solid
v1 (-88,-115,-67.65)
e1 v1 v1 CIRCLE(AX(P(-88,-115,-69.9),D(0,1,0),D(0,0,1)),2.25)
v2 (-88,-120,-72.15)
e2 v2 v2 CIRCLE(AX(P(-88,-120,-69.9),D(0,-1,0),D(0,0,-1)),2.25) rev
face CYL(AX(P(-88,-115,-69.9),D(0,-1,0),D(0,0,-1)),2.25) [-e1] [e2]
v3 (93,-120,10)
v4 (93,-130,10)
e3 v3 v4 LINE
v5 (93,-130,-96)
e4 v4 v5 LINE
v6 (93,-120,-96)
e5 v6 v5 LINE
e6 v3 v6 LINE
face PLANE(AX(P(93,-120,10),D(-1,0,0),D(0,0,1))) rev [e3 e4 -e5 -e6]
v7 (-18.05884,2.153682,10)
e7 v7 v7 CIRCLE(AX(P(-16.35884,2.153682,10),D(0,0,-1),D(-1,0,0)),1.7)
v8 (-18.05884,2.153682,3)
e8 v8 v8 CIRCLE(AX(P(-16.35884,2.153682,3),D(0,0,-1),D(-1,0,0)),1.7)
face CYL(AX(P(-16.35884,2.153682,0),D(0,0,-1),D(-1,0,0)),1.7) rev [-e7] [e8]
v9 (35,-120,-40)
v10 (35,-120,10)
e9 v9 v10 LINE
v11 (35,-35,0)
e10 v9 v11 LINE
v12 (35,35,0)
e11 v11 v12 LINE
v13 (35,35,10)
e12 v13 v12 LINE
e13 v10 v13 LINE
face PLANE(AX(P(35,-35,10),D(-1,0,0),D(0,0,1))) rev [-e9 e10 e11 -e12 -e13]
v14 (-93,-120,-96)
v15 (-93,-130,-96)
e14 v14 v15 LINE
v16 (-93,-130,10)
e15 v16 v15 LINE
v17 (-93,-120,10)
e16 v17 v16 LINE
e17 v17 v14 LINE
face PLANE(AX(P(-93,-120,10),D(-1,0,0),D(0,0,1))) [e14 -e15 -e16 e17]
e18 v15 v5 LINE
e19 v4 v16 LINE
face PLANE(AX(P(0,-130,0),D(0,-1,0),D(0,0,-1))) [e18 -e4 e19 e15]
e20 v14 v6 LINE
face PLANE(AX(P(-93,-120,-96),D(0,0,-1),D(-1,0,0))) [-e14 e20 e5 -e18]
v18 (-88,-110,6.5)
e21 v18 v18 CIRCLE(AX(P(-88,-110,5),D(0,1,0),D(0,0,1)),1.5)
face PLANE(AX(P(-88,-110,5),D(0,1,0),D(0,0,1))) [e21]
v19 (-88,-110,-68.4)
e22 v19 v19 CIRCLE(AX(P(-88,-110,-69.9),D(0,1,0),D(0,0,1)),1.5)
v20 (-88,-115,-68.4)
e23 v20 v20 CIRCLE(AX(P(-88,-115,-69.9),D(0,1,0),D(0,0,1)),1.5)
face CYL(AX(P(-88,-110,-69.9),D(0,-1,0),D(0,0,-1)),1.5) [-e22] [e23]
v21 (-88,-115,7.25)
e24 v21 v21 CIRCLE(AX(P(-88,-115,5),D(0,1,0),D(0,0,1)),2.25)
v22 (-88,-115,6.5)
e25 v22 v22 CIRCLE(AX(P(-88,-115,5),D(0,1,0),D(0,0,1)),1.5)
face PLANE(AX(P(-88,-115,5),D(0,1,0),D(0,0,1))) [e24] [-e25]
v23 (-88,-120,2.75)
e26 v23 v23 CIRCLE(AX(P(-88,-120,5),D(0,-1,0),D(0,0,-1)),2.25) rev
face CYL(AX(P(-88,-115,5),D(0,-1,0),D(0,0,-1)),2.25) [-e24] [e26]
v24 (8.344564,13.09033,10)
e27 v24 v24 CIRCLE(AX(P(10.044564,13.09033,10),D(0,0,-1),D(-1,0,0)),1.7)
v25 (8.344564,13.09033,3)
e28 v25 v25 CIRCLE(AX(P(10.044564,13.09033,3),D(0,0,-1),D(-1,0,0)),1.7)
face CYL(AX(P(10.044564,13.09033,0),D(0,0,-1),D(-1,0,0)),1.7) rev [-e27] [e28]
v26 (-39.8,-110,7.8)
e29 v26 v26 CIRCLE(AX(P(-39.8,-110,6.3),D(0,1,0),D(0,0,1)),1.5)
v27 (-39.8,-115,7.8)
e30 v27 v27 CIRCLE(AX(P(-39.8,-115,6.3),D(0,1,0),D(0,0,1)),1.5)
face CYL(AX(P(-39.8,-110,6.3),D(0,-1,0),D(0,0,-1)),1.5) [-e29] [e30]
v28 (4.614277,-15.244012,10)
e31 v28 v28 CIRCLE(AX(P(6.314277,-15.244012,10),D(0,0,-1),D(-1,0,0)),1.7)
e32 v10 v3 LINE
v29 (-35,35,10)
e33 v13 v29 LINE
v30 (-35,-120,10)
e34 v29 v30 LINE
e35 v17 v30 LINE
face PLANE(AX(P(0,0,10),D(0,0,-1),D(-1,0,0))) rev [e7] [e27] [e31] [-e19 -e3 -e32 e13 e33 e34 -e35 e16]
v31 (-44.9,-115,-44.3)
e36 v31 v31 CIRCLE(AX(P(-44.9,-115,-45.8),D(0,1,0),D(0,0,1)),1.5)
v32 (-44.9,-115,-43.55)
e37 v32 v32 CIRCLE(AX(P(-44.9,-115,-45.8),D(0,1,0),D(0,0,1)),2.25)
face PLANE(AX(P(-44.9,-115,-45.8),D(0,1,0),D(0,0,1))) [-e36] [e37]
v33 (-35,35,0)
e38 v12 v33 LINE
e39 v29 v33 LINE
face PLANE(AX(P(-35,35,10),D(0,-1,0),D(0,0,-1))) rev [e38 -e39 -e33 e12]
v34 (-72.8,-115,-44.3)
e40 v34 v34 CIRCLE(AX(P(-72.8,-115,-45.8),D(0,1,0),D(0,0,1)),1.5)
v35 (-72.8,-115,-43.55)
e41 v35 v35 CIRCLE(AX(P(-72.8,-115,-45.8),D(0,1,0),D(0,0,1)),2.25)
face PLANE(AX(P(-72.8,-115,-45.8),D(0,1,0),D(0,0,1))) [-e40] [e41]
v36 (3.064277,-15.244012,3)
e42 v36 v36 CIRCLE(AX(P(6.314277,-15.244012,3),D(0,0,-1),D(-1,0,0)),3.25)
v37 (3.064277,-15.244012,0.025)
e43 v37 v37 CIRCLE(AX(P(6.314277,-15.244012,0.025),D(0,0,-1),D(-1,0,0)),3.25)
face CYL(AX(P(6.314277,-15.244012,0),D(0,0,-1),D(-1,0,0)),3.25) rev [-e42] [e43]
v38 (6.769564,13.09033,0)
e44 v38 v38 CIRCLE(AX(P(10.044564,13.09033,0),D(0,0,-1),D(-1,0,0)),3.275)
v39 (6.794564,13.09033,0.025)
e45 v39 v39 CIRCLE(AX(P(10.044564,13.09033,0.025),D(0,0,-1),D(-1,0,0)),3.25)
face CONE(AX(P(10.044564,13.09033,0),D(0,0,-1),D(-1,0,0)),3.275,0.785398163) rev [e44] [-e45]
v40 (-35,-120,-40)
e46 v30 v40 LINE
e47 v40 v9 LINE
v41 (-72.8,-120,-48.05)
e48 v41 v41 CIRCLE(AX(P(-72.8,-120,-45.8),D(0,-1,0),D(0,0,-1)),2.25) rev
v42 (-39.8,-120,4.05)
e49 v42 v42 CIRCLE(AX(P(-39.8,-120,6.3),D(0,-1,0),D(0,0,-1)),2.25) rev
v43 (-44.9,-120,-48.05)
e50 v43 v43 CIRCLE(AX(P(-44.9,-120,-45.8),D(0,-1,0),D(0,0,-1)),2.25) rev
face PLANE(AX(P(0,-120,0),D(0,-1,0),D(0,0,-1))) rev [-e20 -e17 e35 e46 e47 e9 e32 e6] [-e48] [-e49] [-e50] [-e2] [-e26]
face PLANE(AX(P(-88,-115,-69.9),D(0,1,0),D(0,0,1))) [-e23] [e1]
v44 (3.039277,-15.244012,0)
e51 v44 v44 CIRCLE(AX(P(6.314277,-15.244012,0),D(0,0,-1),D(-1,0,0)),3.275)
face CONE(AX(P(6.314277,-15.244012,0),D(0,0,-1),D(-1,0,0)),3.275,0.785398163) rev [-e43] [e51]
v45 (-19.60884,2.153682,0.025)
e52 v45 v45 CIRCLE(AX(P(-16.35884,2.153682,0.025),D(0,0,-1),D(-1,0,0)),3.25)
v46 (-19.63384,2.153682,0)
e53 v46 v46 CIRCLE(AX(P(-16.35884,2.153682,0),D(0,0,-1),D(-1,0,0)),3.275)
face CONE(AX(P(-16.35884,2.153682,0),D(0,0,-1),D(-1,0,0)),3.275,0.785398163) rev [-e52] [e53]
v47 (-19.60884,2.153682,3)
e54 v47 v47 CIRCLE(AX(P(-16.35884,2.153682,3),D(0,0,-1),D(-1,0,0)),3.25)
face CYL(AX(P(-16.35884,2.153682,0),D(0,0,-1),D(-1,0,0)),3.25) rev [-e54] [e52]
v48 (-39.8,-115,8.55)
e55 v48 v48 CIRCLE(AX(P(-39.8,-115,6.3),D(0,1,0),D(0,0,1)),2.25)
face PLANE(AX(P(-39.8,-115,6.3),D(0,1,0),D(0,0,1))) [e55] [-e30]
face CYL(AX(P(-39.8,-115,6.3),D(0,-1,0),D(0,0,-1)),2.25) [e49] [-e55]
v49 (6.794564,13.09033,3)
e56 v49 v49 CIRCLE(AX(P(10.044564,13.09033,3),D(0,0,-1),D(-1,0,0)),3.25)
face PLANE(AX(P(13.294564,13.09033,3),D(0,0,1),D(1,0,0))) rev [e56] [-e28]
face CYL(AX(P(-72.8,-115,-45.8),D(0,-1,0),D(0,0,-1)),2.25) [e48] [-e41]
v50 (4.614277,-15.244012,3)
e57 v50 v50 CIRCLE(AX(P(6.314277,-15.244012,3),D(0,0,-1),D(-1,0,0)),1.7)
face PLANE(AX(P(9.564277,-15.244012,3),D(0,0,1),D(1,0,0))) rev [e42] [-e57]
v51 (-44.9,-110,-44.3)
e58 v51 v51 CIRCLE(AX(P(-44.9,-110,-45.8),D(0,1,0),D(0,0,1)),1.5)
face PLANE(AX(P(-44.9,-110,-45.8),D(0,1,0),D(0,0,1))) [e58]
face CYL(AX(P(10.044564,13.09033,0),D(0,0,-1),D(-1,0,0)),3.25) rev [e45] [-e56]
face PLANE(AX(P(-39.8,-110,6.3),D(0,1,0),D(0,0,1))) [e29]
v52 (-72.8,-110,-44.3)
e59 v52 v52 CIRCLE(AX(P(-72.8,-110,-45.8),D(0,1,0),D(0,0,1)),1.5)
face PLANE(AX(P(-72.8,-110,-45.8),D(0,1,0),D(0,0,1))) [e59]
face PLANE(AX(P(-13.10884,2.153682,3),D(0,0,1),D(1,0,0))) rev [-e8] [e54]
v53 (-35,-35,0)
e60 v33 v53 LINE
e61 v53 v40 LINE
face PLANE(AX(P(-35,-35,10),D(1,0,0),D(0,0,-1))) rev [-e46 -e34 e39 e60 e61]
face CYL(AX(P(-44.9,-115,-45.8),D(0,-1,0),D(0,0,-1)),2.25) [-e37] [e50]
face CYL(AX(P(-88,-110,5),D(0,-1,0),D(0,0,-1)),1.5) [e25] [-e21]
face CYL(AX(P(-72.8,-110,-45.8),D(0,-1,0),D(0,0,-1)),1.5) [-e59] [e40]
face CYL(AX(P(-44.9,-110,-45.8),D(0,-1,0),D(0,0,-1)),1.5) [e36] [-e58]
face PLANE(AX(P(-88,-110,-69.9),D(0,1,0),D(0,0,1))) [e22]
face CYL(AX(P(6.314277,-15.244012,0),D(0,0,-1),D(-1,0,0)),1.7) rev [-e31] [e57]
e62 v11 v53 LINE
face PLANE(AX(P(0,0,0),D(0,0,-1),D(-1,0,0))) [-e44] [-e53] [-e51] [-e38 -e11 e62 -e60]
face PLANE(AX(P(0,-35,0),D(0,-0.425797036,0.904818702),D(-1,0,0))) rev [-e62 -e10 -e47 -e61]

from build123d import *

# Parameters (mm, degrees)
SKETCH1_W                     = 70
SKETCH1_H                     = 70
BOSS_EXTRUDE1_DEPTH           = 10
CBORE_FOR_M3_SHCS1_AT_2_COUNT = 2
CBORE_FOR_M3_SHCS1_AT_2_PITCH = 28.578838325
CBORE_FOR_M3_SHCS1_AT_3_COUNT = 2
CBORE_FOR_M3_SHCS1_AT_3_PITCH = 28.578838325
SKETCH14_W                    = 70
SKETCH14_H                    = 10
BOSS_EXTRUDE2_DEPTH           = 95
SKETCH13_W                    = 186
SKETCH13_H                    = 106
BOSS_EXTRUDE3_DEPTH           = 10
CHAMFER1_SIZE                 = 40
CHAMFER1_SIZE2                = 85
SKETCH18_R                    = 2.25
BOSS_EXTRUDE4_DEPTH           = 5
SKETCH19_R                    = 1.5
BOSS_EXTRUDE5_DEPTH           = 5


with BuildPart() as part:
    # Sketch1 → Boss-Extrude1 (new body)
    with BuildSketch(Plane.XY):
        Rectangle(SKETCH1_W, SKETCH1_H)
    extrude(amount=BOSS_EXTRUDE1_DEPTH)

    # Sketch4 → CBORE for M3 SHCS1 (revolve, cut)
    with BuildSketch(Plane(origin=(6.314276634, -15.244012286, 0), x_dir=(0, 1, 0), z_dir=(1, 0, 0))):
        Polygon((0, 0), (0, 10), (1.7, 10), (1.7, 3), (3.25, 3), (3.25, 0.025), (3.275, 0), align=None)
    cbore_for_m3_shcs1 = revolve(axis=Axis((6.314276634, -15.244012286, -6.35), (0, 0, 1)), mode=Mode.SUBTRACT)

    # CBORE for M3 SHCS1 at 2: CBORE for M3 SHCS1 ×2
    with Locations(*[Vector(0.13052619222005196, 0.9914448613738104, 0) * (i * CBORE_FOR_M3_SHCS1_AT_2_PITCH) for i in range(1, CBORE_FOR_M3_SHCS1_AT_2_COUNT)]):
        add(cbore_for_m3_shcs1, mode=Mode.SUBTRACT)

    # CBORE for M3 SHCS1 at 3: CBORE for M3 SHCS1 ×2
    with Locations(*[Vector(-0.7933533402912364, 0.608761429008719, 0) * (i * CBORE_FOR_M3_SHCS1_AT_3_PITCH) for i in range(1, CBORE_FOR_M3_SHCS1_AT_3_COUNT)]):
        add(cbore_for_m3_shcs1, mode=Mode.SUBTRACT)

    # Sketch14 → Boss-Extrude2 (add)
    with BuildSketch(Plane.XZ.offset(35)):
        with Locations((0, 5)):
            Rectangle(SKETCH14_W, SKETCH14_H)
    extrude(amount=BOSS_EXTRUDE2_DEPTH)

    # Sketch13 → Boss-Extrude3 (add)
    with BuildSketch(Plane.XZ.offset(130)):
        with Locations((0, -43)):
            Rectangle(SKETCH13_W, SKETCH13_H)
    extrude(amount=-BOSS_EXTRUDE3_DEPTH)

    # Chamfer1
    chamfer1_edges = [part.edges().sort_by_distance(p)[0] for p in [
        (0, -120, 0),
    ]]
    chamfer1_side = [part.faces().sort_by_distance(p)[0] for p in [
        (0, -120, -44.766933109),
    ]]
    chamfer(chamfer1_edges, length=CHAMFER1_SIZE, length2=CHAMFER1_SIZE2, reference=chamfer1_side[0])

    # Sketch18 → Boss-Extrude4 (add)
    with BuildSketch(Plane(origin=(0, -120, -115), x_dir=(1, 0, 0), z_dir=(0, 1, 0))):
        with Locations(Location((-88, -45.1, 0), (0, 0, 90))):
            Circle(SKETCH18_R)
        with Locations(Location((-44.9, -69.2, 0), (0, 0, 90))):
            Circle(SKETCH18_R)
        with Locations(Location((-72.8, -69.2, 0), (0, 0, 90))):
            Circle(SKETCH18_R)
        with Locations(Location((-88, -120, 0), (0, 0, 90))):
            Circle(SKETCH18_R)
        with Locations(Location((-39.8, -121.3, 0), (0, 0, 90))):
            Circle(SKETCH18_R)
    extrude(amount=BOSS_EXTRUDE4_DEPTH)

    # Sketch19 → Boss-Extrude5 (add)
    with BuildSketch(Plane(origin=(0, -115, 0), x_dir=(1, 0, 0), z_dir=(0, 1, 0))):
        with Locations(Location((-88, 69.9, 0), (0, 0, 270))):
            Circle(SKETCH19_R)
        with Locations(Location((-72.8, 45.8, 0), (0, 0, 270))):
            Circle(SKETCH19_R)
        with Locations(Location((-44.9, 45.8, 0), (0, 0, 270))):
            Circle(SKETCH19_R)
        with Locations(Location((-88, -5, 0), (0, 0, 270))):
            Circle(SKETCH19_R)
        with Locations(Location((-39.8, -6.3, 0), (0, 0, 270))):
            Circle(SKETCH19_R)
    extrude(amount=BOSS_EXTRUDE5_DEPTH)


solid = part.part
